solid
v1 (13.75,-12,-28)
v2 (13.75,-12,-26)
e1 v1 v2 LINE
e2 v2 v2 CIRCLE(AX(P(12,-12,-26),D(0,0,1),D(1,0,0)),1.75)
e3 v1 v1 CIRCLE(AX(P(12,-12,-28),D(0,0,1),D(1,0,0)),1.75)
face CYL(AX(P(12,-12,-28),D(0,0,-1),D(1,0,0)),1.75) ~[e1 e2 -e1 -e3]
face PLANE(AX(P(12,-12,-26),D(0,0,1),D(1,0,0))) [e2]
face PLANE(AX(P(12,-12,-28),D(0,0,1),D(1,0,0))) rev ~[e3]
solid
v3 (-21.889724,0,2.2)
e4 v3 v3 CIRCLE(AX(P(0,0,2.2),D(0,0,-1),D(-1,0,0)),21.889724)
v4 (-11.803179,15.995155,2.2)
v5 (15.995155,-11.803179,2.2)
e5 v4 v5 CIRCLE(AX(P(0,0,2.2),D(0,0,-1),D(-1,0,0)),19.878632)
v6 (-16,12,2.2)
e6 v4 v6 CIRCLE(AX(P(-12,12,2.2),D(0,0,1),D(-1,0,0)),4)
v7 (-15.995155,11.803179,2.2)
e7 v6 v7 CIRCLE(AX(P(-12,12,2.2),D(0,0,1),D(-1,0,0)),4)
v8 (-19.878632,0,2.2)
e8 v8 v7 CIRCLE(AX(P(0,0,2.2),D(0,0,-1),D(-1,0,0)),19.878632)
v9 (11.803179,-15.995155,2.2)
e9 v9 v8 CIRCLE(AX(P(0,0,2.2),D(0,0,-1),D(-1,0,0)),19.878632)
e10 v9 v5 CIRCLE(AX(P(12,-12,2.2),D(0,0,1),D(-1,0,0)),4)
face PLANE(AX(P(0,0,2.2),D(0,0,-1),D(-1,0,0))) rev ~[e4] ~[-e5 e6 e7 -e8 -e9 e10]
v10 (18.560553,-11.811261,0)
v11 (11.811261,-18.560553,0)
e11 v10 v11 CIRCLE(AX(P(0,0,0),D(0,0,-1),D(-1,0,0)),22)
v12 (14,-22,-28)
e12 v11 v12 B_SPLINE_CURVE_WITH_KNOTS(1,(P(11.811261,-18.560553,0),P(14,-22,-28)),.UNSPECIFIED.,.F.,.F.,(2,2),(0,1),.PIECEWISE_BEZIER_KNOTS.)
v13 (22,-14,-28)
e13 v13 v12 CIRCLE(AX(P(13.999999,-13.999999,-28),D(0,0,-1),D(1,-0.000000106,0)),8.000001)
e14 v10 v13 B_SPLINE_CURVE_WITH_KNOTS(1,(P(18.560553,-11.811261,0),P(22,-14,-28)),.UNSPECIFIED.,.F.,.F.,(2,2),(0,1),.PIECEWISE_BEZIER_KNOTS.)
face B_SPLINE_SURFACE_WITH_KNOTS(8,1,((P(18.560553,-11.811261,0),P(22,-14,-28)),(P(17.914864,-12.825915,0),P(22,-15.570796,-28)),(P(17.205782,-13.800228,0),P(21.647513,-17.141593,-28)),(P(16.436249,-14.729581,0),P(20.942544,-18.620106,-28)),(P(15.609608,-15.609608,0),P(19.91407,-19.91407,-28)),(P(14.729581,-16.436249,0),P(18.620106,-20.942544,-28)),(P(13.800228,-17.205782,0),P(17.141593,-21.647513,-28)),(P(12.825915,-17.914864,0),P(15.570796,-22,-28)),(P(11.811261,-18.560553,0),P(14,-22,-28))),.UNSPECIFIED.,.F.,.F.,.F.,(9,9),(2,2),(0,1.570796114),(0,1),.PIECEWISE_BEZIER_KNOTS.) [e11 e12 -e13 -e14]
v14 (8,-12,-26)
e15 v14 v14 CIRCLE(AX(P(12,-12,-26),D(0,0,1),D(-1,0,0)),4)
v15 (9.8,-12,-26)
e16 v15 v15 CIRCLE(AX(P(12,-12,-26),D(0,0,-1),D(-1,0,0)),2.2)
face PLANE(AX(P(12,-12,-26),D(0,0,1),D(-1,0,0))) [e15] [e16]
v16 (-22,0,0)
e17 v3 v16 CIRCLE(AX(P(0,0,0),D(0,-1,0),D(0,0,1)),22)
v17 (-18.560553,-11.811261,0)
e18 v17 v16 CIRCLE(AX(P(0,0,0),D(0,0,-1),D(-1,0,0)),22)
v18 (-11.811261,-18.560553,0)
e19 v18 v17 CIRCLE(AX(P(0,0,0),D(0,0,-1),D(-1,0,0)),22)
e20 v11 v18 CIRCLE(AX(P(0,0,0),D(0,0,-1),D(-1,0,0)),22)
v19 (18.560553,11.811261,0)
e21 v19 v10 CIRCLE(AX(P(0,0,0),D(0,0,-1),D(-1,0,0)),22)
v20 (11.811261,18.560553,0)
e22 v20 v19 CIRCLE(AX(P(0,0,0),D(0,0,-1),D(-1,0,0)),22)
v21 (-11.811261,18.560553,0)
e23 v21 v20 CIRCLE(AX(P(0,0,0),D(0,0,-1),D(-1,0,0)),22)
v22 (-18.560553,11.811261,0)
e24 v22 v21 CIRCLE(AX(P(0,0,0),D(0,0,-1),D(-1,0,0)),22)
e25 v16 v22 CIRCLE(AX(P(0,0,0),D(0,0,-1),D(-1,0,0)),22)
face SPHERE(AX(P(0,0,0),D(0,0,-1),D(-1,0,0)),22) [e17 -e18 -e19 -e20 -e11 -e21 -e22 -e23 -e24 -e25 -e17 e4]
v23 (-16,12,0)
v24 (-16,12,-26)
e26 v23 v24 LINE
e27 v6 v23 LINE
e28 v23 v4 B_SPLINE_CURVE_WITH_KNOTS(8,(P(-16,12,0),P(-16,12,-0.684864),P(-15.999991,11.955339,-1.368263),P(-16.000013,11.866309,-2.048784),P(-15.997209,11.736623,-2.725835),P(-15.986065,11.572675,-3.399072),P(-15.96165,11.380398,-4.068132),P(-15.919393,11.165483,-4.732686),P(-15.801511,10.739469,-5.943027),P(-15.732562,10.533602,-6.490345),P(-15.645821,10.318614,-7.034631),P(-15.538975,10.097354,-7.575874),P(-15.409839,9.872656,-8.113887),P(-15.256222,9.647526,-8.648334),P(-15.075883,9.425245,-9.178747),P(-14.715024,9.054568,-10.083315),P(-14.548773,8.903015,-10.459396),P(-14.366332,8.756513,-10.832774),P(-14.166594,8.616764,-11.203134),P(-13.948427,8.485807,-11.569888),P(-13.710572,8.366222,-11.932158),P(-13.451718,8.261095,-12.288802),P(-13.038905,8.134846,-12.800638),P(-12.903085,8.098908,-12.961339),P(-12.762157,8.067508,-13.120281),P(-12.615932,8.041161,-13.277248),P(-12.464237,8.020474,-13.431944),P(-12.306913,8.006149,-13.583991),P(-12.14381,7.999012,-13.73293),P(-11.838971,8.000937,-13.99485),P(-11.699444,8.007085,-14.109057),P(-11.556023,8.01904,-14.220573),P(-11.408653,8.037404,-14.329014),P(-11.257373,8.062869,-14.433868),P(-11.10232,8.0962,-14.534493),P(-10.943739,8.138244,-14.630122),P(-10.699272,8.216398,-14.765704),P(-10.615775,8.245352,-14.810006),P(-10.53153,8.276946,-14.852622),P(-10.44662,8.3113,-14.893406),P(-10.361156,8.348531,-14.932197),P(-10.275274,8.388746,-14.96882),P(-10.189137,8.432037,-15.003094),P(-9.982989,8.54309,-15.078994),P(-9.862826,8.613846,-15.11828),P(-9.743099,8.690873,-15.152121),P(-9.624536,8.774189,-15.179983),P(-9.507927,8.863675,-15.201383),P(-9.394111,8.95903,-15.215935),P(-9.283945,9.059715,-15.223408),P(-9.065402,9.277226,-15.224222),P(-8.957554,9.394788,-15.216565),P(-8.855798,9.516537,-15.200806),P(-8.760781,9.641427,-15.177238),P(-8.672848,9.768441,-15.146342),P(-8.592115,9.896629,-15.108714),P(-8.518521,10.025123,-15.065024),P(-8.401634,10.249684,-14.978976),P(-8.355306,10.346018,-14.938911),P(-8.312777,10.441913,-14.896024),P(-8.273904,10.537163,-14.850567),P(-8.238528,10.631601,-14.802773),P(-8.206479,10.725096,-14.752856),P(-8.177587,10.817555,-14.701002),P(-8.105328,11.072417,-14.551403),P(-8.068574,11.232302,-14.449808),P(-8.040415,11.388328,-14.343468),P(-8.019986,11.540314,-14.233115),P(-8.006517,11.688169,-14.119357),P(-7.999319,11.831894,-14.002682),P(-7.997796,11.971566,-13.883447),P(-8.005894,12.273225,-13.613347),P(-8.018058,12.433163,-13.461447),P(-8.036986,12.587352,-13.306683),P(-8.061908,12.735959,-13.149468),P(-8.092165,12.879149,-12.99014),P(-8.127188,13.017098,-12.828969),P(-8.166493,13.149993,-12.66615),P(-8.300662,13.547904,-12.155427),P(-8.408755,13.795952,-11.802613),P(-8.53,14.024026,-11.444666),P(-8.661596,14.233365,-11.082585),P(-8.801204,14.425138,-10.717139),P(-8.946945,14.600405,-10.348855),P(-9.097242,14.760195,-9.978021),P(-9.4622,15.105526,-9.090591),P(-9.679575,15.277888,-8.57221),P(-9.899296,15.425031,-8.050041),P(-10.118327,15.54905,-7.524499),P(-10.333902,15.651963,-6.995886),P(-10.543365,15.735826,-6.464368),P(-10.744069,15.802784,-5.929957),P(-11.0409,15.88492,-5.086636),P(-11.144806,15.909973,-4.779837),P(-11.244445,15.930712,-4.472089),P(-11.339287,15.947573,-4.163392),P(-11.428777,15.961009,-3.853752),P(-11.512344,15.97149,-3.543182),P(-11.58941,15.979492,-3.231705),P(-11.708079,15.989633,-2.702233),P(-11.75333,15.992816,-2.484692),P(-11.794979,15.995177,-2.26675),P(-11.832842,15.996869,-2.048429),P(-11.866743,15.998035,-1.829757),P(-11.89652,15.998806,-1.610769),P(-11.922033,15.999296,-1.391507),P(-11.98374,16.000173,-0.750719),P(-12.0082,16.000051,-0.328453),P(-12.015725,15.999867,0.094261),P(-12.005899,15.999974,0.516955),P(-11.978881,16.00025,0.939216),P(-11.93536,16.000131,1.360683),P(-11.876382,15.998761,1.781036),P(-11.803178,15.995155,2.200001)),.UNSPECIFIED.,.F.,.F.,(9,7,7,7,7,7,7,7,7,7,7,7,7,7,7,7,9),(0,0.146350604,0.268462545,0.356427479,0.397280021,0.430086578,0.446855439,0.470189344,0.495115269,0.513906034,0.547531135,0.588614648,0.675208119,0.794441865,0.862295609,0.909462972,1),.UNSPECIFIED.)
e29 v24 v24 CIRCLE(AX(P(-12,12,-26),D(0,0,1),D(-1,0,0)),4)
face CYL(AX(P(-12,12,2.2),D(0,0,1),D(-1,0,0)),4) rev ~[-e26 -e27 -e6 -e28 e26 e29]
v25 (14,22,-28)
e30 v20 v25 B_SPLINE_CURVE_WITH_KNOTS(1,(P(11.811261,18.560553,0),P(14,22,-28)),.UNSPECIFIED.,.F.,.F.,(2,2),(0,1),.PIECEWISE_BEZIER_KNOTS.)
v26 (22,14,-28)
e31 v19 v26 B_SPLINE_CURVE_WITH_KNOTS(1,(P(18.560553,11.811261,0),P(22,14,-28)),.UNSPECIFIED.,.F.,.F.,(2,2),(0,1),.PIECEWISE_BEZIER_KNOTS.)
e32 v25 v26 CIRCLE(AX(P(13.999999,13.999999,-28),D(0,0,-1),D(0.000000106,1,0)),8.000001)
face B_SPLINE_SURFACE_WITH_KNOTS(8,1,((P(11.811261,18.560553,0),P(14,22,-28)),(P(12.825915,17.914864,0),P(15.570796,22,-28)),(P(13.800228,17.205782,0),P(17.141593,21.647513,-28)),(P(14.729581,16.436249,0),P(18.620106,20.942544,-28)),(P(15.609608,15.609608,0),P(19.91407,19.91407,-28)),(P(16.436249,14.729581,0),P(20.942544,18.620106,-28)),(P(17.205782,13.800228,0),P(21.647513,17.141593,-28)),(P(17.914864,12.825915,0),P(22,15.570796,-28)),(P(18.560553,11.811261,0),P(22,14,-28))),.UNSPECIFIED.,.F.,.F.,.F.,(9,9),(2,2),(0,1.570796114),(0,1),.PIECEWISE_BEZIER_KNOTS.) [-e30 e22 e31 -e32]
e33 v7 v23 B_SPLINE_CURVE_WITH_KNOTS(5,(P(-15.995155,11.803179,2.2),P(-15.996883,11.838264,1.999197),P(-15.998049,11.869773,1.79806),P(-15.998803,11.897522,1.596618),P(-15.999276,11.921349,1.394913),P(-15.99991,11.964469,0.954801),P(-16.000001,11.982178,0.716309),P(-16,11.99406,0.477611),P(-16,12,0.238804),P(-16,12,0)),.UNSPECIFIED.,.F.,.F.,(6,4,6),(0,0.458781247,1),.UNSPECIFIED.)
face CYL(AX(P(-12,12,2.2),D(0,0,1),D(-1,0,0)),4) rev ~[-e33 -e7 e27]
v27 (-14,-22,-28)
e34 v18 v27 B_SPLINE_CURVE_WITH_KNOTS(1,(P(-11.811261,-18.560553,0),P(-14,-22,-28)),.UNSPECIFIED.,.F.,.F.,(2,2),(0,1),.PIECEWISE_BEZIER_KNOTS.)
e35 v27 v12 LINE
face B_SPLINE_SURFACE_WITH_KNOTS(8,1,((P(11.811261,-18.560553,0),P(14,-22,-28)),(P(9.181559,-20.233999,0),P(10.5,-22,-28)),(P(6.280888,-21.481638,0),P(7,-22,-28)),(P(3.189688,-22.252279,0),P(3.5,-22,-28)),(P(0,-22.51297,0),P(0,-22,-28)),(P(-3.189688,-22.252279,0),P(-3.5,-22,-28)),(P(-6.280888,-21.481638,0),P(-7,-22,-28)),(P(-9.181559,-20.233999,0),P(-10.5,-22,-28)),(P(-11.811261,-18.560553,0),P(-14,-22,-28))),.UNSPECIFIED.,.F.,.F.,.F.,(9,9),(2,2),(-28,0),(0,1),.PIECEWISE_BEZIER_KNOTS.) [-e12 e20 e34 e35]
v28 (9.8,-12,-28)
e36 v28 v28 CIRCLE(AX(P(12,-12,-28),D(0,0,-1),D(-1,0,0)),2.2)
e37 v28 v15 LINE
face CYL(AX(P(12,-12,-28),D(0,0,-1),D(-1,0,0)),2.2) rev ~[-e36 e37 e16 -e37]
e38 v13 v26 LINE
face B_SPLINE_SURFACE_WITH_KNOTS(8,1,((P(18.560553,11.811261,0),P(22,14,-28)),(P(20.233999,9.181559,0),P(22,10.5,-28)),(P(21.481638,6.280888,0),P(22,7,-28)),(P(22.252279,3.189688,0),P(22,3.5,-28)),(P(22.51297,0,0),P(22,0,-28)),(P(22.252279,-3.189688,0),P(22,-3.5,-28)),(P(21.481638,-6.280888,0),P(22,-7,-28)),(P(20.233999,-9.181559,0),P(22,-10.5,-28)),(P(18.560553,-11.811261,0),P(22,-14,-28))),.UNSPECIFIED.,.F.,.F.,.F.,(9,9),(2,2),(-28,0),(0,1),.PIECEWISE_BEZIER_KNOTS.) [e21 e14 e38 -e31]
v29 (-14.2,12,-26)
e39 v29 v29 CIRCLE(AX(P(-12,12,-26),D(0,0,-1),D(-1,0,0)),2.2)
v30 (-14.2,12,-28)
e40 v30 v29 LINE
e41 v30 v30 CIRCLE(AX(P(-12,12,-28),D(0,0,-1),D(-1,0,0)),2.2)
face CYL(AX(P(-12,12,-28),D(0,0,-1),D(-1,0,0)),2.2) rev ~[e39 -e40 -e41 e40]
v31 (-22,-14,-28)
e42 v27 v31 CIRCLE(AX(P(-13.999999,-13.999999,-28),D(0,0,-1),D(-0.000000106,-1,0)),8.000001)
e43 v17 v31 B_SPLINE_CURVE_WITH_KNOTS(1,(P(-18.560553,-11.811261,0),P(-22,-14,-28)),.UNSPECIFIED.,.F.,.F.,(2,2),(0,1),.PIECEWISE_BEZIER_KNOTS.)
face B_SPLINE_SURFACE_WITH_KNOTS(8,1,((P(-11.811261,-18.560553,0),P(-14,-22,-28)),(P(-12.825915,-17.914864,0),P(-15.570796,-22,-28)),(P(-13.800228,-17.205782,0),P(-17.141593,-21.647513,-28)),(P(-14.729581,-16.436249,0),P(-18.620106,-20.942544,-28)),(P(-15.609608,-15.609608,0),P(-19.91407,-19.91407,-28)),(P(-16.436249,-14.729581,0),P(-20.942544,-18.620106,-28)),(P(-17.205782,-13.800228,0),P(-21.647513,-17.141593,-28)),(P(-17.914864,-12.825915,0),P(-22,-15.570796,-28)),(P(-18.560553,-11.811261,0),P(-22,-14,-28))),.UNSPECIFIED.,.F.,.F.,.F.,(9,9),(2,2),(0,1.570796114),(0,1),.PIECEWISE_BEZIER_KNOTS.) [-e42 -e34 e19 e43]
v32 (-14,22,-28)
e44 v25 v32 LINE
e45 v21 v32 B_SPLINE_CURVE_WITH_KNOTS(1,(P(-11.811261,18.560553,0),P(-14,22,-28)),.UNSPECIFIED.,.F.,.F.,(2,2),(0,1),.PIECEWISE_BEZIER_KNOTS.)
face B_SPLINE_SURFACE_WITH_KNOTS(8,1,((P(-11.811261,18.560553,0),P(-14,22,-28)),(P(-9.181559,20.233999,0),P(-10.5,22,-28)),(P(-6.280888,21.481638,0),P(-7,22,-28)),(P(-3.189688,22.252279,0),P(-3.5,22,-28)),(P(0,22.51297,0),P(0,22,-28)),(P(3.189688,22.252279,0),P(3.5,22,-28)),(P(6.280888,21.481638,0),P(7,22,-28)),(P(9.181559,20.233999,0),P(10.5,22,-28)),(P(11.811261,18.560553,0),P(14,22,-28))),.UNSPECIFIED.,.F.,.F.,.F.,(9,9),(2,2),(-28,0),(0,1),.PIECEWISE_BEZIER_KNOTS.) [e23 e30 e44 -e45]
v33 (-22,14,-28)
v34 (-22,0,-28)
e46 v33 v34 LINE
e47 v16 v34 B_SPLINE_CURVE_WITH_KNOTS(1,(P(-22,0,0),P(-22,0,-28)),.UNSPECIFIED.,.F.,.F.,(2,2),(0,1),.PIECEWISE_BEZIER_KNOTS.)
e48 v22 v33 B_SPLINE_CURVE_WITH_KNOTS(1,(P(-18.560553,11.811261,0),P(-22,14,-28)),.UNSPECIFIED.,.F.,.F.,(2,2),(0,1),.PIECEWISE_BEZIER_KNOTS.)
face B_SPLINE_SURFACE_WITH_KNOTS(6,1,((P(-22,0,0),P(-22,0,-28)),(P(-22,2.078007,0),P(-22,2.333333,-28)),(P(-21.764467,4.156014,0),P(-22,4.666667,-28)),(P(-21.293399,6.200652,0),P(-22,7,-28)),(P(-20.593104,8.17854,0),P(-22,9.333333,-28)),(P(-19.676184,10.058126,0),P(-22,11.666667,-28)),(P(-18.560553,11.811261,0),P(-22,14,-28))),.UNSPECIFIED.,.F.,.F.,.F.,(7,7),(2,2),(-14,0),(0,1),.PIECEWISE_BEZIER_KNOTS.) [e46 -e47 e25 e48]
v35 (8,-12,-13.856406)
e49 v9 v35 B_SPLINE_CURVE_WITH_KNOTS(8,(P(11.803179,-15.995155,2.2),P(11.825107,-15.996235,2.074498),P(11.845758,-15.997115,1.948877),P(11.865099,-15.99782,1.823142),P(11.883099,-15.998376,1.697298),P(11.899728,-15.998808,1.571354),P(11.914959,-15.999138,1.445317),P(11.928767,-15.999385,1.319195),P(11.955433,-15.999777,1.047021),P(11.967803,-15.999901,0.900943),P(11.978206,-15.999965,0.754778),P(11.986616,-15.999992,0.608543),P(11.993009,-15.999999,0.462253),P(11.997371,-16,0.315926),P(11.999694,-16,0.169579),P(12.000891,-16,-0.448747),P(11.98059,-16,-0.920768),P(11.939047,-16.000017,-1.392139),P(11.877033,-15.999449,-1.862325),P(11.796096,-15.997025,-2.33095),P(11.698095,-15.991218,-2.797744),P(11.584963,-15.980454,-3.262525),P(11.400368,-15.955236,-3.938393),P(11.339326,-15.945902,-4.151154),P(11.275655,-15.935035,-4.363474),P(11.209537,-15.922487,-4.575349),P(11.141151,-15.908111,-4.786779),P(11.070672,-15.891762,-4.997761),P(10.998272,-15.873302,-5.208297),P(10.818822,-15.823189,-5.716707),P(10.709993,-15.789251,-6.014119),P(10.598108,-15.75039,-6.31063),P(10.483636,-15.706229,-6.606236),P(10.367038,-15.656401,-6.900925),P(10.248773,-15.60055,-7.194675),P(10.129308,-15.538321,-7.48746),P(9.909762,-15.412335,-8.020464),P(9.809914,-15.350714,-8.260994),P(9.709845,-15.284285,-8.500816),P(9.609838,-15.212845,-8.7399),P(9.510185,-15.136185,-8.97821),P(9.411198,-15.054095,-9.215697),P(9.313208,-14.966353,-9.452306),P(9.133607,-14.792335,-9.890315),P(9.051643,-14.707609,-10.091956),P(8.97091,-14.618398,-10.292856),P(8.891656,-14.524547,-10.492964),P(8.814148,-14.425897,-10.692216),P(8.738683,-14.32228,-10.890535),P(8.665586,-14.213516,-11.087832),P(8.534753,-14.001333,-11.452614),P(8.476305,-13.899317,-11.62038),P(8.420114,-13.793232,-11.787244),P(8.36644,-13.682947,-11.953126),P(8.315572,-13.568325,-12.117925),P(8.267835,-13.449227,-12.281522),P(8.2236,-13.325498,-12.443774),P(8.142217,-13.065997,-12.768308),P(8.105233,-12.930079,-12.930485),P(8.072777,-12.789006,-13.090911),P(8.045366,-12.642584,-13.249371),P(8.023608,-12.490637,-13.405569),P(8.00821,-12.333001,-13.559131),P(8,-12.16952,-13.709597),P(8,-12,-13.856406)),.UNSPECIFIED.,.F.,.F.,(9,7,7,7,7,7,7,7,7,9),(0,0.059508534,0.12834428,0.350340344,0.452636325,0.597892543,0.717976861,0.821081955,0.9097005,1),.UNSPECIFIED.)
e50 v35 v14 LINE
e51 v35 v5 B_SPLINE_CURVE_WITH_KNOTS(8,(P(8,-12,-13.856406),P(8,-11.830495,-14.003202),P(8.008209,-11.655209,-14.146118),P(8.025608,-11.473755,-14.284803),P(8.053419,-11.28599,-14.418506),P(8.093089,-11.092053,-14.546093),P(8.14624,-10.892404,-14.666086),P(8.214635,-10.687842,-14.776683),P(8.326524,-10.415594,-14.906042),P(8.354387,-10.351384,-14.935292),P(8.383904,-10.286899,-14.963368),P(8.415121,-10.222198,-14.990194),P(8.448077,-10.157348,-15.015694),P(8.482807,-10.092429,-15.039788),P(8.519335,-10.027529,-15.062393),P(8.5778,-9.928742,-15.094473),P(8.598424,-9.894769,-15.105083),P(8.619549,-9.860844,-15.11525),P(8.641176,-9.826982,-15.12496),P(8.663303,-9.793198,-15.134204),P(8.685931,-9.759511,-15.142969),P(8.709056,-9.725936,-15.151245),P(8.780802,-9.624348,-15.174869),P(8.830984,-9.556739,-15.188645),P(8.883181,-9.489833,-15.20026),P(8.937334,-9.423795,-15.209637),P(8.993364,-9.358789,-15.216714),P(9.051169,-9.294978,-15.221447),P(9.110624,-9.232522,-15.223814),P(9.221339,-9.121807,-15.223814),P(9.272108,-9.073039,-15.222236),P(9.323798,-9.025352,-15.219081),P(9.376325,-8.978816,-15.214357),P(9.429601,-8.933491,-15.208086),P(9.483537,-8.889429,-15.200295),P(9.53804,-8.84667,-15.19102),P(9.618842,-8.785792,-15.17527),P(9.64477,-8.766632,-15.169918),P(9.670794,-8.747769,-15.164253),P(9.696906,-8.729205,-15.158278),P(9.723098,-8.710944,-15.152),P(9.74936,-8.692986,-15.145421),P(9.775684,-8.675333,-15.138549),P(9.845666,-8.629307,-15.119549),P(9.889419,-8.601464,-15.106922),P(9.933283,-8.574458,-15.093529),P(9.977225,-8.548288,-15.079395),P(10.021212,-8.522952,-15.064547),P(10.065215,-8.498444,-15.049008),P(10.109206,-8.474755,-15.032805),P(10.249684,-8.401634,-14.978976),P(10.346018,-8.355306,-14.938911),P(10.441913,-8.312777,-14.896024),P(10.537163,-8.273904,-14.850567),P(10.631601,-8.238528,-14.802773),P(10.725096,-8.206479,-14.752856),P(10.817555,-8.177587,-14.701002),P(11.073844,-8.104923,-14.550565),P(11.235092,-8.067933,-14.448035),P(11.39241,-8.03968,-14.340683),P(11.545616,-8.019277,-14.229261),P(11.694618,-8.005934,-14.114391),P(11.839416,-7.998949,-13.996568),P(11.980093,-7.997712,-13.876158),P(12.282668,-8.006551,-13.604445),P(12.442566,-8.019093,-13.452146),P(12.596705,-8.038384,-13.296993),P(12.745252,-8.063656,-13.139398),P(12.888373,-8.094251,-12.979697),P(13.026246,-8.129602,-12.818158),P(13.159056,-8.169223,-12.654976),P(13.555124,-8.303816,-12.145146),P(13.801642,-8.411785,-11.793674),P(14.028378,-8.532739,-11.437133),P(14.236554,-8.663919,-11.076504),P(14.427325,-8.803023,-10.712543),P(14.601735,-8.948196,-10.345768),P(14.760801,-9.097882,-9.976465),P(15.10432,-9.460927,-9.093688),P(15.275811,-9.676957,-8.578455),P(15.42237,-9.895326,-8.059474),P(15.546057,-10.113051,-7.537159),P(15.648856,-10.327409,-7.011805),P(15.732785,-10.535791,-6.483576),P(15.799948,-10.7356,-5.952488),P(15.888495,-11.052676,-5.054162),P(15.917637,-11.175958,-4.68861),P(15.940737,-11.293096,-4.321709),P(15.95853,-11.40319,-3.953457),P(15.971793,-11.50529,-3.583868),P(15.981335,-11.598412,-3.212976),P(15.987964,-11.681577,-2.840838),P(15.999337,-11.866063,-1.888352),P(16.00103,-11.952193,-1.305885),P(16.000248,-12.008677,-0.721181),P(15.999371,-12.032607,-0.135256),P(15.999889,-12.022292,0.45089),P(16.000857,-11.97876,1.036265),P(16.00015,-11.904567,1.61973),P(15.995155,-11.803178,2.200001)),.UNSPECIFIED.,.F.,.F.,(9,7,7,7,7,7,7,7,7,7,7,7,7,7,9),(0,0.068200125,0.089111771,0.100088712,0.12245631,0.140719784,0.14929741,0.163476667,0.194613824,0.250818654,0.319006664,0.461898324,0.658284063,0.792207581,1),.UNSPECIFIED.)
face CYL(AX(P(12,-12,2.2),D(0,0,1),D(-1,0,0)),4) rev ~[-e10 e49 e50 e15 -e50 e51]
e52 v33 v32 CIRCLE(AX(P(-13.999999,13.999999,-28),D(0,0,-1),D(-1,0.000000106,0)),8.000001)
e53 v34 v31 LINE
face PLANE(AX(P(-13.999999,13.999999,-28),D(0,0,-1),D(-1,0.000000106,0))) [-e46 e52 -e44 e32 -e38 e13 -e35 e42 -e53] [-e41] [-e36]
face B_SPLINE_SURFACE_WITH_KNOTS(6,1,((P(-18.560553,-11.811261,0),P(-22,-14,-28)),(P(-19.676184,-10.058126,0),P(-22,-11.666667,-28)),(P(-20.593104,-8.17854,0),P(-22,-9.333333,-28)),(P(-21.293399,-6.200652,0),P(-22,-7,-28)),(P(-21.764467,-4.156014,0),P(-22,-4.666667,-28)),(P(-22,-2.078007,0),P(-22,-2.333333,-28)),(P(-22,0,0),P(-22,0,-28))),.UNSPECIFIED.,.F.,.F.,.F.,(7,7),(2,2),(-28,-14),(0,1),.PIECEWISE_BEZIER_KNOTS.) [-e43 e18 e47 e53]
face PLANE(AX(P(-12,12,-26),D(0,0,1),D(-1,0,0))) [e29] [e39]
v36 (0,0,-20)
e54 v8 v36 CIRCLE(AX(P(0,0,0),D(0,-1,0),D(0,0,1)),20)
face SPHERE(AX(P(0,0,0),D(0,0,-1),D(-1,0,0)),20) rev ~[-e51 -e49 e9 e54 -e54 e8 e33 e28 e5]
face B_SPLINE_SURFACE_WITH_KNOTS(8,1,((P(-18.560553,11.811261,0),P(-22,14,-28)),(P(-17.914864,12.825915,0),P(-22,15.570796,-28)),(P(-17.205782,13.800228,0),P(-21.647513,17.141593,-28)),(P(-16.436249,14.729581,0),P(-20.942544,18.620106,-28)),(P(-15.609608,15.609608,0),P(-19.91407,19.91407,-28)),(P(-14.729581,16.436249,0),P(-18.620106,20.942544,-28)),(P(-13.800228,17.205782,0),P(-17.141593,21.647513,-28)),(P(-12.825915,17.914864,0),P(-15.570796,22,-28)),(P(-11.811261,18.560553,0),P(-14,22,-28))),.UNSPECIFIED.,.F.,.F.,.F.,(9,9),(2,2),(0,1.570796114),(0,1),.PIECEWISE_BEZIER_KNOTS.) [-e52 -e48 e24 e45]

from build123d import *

# Parameters (mm, degrees)
BOX_W                  = 44
BOX_H                  = 44
BOX_DEPTH              = 44
SKETCH_R               = 22
CUT001_PLACEMENT_ANGLE = 180
SKETCH002_R            = 2.2
POCKET_DEPTH           = 30.201
SKETCH003_R            = 4
POCKET001_DEPTH        = 28.2
SKETCH004_R            = 1.75
PAD_DEPTH              = 2


with BuildPart() as sphere001:
    # Sphere001 → Sphere001 (revolve)
    with BuildSketch(Plane.XZ):
        with BuildLine():
            ThreePointArc((0, -20), (20, 0), (0, 20))
            Line((0, 20), (0, -20))
        make_face()
    revolve(axis=Axis((0, 0, 0), (0, 0, 1)))


with BuildPart() as cube:
    # Box → Box (new body)
    with BuildSketch(Plane(origin=(-22, -22, -46.2), x_dir=(1, 0, 0), z_dir=(0, 0, 1))):
        with Locations((22, 22)):
            Rectangle(BOX_W, BOX_H)
    extrude(amount=BOX_DEPTH)


with BuildPart() as cut:
    # Sphere → Sphere (revolve)
    with BuildSketch(Plane.XZ):
        with BuildLine():
            ThreePointArc((0, -22), (22, 0), (0, 22))
            Line((0, 22), (0, -22))
        make_face()
    revolve(axis=Axis((0, 0, 0), (0, 0, 1)))

    # Cut: cut Cube
    add(cube.part, mode=Mode.SUBTRACT)


with BuildPart() as pocket001:
    # Sketch → Loft section 0
    with BuildSketch(Plane.XY):
        Circle(SKETCH_R)
    # Sketch001 → Loft section 1
    with BuildSketch(Plane.XY.offset(28)):
        with BuildLine():
            Line((-14, 22), (14, 22))
            ThreePointArc((22, 14), (19.656854, 19.656854), (14, 22))
            Line((22, 14), (22, -14))
            ThreePointArc((14, -22), (19.656854, -19.656854), (22, -14))
            Line((14, -22), (-14, -22))
            ThreePointArc((-22, -14), (-19.656854, -19.656854), (-14, -22))
            Line((-22, -14), (-22, 14))
            ThreePointArc((-14, 22), (-19.656854, 19.656854), (-22, 14))
        make_face()
    loft()

    # Fusion: union Cut
    add(cut.part)

    # Cut001: cut Sphere001
    add(sphere001.part, mode=Mode.SUBTRACT)


with BuildPart() as pocket001_1:
    # Cut001 placement: moved
    add(pocket001.part.rotate(Axis((0, 0, 0), (0, 1, 0)), CUT001_PLACEMENT_ANGLE))

    # Sketch002 → Pocket (cut, through all)
    with BuildSketch(Plane(origin=(0, 0, -28), x_dir=(-1, 0, 0), z_dir=(0, 0, -1))):
        with Locations((-12, -12)):
            Circle(SKETCH002_R)
        with Locations((12, 12)):
            Circle(SKETCH002_R)
    extrude(amount=-POCKET_DEPTH, mode=Mode.SUBTRACT)

    # Sketch003 → Pocket001 (cut)
    with BuildSketch(Plane(origin=(0, 0, 2.2), x_dir=(-1, 0, 0), z_dir=(0, 0, 1))):
        with Locations((-12, 12)):
            Circle(SKETCH003_R)
        with Locations((12, -12)):
            Circle(SKETCH003_R)
    extrude(amount=-POCKET001_DEPTH, mode=Mode.SUBTRACT)


with BuildPart() as pad:
    # Sketch004 → Pad (new body)
    with BuildSketch(Plane(origin=(12, -12, -28), x_dir=(1, 0, 0), z_dir=(0, 0, 1))):
        Circle(SKETCH004_R)
    extrude(amount=PAD_DEPTH)


solid = Compound([pocket001_1.part, pad.part])
